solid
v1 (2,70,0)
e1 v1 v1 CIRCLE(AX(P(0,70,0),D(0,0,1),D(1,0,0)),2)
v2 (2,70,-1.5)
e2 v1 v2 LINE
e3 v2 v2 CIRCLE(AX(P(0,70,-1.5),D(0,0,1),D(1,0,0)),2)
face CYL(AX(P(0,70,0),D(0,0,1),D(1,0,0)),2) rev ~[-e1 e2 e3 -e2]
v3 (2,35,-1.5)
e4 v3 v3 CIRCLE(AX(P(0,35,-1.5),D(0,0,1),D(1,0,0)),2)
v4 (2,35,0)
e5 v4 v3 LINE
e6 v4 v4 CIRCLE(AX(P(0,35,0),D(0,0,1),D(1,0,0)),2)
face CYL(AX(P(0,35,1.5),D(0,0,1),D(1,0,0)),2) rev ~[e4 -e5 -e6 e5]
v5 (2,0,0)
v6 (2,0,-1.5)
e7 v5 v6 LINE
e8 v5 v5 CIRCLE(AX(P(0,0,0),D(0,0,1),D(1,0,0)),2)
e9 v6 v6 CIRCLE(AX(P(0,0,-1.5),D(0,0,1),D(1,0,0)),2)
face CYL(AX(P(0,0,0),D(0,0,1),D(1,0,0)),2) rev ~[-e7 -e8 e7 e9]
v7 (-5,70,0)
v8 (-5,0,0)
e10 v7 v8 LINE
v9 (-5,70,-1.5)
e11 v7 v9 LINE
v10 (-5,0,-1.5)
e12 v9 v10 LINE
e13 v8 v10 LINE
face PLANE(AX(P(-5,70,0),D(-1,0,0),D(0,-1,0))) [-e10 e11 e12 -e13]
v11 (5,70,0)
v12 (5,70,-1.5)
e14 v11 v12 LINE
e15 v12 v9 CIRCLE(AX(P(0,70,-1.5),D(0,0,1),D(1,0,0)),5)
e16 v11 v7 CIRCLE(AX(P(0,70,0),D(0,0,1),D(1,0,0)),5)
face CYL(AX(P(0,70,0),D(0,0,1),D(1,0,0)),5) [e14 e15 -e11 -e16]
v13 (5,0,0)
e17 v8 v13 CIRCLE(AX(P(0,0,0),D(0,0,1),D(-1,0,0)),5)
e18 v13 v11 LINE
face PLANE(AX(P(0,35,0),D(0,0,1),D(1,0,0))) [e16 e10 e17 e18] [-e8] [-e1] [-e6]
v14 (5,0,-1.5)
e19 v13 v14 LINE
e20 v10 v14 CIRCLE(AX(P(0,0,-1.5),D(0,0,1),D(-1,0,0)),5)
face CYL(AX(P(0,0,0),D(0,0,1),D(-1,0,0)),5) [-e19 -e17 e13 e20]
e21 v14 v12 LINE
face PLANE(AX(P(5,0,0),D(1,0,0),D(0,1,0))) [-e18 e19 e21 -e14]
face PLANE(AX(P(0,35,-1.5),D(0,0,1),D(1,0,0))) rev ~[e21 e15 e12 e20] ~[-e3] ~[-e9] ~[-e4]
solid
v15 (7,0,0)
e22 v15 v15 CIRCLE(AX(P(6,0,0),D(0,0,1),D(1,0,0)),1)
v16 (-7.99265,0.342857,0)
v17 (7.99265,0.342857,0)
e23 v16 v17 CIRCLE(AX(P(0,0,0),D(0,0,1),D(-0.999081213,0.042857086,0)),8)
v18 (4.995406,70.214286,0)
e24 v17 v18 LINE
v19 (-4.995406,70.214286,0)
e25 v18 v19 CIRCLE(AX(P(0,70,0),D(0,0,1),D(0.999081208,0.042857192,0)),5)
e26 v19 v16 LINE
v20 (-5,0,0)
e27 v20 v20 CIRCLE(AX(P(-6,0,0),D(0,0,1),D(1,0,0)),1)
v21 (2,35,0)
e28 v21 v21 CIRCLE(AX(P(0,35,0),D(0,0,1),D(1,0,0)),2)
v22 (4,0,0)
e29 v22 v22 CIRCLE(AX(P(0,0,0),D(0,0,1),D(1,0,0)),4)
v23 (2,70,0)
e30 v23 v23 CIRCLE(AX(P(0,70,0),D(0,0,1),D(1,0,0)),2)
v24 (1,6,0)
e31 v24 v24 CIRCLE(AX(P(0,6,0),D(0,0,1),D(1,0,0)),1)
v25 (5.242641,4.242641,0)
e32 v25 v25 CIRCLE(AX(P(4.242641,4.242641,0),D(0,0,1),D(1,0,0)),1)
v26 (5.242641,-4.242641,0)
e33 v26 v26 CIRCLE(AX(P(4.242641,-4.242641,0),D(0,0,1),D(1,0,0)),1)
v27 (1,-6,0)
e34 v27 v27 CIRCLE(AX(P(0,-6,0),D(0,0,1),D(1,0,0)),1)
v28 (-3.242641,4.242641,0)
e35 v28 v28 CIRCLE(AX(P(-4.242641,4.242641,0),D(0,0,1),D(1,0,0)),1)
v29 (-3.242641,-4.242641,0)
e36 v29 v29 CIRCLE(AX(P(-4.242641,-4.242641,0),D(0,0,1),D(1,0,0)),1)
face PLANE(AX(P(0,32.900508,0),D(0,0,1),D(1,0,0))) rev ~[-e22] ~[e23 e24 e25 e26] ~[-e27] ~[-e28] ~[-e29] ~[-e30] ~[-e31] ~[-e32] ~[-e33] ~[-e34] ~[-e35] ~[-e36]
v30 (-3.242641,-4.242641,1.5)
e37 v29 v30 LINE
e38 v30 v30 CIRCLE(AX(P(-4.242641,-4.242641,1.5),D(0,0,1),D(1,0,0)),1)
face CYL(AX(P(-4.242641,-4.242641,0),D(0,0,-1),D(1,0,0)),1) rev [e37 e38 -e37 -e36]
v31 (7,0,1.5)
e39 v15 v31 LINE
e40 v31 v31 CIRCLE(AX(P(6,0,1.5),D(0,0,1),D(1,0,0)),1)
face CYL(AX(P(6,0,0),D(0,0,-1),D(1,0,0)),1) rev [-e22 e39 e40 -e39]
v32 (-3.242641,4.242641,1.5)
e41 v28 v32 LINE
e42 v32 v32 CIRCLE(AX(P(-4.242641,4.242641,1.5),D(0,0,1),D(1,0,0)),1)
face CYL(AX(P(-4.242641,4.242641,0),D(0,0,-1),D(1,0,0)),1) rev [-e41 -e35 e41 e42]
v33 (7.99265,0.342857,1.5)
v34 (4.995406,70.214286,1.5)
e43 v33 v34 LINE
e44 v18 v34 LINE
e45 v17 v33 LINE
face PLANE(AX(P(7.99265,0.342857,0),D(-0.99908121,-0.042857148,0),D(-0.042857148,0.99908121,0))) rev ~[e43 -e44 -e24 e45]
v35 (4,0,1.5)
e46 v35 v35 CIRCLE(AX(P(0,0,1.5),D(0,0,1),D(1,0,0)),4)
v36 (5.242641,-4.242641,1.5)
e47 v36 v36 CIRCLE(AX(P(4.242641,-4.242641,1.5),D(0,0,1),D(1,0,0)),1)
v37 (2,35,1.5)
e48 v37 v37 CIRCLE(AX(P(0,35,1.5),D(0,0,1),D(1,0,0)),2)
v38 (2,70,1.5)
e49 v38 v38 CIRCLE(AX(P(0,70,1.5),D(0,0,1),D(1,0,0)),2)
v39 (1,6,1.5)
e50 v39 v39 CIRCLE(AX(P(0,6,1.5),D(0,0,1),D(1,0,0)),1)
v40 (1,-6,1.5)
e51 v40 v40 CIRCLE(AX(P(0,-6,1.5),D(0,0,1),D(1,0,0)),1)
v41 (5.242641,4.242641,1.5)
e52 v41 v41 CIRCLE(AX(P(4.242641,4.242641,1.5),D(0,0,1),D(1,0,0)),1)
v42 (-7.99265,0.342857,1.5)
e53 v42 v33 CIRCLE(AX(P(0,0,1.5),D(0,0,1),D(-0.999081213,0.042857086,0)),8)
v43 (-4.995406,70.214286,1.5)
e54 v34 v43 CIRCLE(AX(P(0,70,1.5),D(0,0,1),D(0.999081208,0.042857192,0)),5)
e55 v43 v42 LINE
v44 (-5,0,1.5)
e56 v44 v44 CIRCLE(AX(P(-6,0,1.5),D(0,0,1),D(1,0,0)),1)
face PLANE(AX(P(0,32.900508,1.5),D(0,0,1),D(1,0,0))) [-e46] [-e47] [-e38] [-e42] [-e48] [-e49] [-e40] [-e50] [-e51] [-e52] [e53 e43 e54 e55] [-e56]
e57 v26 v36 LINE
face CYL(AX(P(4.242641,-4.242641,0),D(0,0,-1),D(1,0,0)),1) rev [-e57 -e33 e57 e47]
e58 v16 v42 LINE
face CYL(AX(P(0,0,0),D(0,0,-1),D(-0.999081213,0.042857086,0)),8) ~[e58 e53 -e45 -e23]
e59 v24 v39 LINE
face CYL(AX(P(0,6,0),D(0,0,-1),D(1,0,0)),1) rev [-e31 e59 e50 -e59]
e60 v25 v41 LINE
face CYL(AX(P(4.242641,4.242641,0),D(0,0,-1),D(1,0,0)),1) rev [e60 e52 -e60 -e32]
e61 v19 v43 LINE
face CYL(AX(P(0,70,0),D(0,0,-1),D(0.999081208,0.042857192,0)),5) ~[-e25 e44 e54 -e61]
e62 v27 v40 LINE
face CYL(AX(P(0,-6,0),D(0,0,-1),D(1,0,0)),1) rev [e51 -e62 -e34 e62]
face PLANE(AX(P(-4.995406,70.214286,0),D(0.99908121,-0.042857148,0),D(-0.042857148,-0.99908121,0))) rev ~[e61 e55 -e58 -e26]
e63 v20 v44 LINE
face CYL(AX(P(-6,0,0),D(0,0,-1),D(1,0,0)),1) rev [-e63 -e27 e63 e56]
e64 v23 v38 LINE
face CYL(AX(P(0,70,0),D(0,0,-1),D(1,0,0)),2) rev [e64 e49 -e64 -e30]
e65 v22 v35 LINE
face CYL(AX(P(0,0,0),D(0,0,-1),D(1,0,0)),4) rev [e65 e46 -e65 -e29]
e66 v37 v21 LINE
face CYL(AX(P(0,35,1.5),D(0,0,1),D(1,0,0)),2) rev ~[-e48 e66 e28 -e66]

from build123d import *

# Parameters (mm, degrees)
F0_R     = 1
F0_R_2   = 4
F0_R_3   = 2
F1_DEPTH = 1.5
F2_R     = 2
F3_DEPTH = 1.5
F4_R     = 2
F5_DEPTH = 3.001


with BuildPart() as f1:
    # F0 (on Top) → F1 (new body)
    with BuildSketch(Plane.XY):
        with BuildLine():
            Line((-4.995406, 70.214286), (-7.99265, 0.342857))
            ThreePointArc((-7.99265, 0.342857), (0, -8), (7.99265, 0.342857))
            Line((7.99265, 0.342857), (4.995406, 70.214286))
            ThreePointArc((4.995406, 70.214286), (0, 75), (-4.995406, 70.214286))
        make_face()
        with Locations((-4.242641, -4.242641)):
            Circle(F0_R, mode=Mode.SUBTRACT)
        with Locations((-6, 0)):
            Circle(F0_R, mode=Mode.SUBTRACT)
        with Locations((-4.242641, 4.242641)):
            Circle(F0_R, mode=Mode.SUBTRACT)
        with Locations((0, -6)):
            Circle(F0_R, mode=Mode.SUBTRACT)
        Circle(F0_R_2, mode=Mode.SUBTRACT)
        with Locations((0, 6)):
            Circle(F0_R, mode=Mode.SUBTRACT)
        with Locations((4.242641, -4.242641)):
            Circle(F0_R, mode=Mode.SUBTRACT)
        with Locations((6, 0)):
            Circle(F0_R, mode=Mode.SUBTRACT)
        with Locations((4.242641, 4.242641)):
            Circle(F0_R, mode=Mode.SUBTRACT)
        with Locations((0, 70)):
            Circle(F0_R_3, mode=Mode.SUBTRACT)
    extrude(amount=F1_DEPTH)


with BuildPart() as f3:
    # F2 (on Top) → F3 (new body)
    with BuildSketch(Plane.XY):
        with BuildLine():
            Line((5, 35), (5, 70))
            ThreePointArc((5, 70), (0, 75), (-5, 70))
            Line((-5, 70), (-5, 35))
            Line((-5, 35), (-5, 0))
            ThreePointArc((-5, 0), (0, -5), (5, 0))
            Line((5, 0), (5, 35))
        make_face()
        Circle(F2_R, mode=Mode.SUBTRACT)
        with Locations((0, 70)):
            Circle(F2_R, mode=Mode.SUBTRACT)
    extrude(amount=-F3_DEPTH)


with BuildPart() as f5_tool:
    # F4 (on face) → F5 (new body, through all)
    with BuildSketch(Plane.XY.offset(1.5)):
        with Locations((0, 35)):
            Circle(F4_R)
    extrude(amount=-F5_DEPTH)


with BuildPart() as f1_1:
    add(f1.part)

    # F5: cut by f5_tool
    add(f5_tool.part, mode=Mode.SUBTRACT)


with BuildPart() as f3_1:
    add(f3.part)

    # F5: cut by f5_tool
    add(f5_tool.part, mode=Mode.SUBTRACT)


solid = Compound([f1_1.part, f3_1.part])
